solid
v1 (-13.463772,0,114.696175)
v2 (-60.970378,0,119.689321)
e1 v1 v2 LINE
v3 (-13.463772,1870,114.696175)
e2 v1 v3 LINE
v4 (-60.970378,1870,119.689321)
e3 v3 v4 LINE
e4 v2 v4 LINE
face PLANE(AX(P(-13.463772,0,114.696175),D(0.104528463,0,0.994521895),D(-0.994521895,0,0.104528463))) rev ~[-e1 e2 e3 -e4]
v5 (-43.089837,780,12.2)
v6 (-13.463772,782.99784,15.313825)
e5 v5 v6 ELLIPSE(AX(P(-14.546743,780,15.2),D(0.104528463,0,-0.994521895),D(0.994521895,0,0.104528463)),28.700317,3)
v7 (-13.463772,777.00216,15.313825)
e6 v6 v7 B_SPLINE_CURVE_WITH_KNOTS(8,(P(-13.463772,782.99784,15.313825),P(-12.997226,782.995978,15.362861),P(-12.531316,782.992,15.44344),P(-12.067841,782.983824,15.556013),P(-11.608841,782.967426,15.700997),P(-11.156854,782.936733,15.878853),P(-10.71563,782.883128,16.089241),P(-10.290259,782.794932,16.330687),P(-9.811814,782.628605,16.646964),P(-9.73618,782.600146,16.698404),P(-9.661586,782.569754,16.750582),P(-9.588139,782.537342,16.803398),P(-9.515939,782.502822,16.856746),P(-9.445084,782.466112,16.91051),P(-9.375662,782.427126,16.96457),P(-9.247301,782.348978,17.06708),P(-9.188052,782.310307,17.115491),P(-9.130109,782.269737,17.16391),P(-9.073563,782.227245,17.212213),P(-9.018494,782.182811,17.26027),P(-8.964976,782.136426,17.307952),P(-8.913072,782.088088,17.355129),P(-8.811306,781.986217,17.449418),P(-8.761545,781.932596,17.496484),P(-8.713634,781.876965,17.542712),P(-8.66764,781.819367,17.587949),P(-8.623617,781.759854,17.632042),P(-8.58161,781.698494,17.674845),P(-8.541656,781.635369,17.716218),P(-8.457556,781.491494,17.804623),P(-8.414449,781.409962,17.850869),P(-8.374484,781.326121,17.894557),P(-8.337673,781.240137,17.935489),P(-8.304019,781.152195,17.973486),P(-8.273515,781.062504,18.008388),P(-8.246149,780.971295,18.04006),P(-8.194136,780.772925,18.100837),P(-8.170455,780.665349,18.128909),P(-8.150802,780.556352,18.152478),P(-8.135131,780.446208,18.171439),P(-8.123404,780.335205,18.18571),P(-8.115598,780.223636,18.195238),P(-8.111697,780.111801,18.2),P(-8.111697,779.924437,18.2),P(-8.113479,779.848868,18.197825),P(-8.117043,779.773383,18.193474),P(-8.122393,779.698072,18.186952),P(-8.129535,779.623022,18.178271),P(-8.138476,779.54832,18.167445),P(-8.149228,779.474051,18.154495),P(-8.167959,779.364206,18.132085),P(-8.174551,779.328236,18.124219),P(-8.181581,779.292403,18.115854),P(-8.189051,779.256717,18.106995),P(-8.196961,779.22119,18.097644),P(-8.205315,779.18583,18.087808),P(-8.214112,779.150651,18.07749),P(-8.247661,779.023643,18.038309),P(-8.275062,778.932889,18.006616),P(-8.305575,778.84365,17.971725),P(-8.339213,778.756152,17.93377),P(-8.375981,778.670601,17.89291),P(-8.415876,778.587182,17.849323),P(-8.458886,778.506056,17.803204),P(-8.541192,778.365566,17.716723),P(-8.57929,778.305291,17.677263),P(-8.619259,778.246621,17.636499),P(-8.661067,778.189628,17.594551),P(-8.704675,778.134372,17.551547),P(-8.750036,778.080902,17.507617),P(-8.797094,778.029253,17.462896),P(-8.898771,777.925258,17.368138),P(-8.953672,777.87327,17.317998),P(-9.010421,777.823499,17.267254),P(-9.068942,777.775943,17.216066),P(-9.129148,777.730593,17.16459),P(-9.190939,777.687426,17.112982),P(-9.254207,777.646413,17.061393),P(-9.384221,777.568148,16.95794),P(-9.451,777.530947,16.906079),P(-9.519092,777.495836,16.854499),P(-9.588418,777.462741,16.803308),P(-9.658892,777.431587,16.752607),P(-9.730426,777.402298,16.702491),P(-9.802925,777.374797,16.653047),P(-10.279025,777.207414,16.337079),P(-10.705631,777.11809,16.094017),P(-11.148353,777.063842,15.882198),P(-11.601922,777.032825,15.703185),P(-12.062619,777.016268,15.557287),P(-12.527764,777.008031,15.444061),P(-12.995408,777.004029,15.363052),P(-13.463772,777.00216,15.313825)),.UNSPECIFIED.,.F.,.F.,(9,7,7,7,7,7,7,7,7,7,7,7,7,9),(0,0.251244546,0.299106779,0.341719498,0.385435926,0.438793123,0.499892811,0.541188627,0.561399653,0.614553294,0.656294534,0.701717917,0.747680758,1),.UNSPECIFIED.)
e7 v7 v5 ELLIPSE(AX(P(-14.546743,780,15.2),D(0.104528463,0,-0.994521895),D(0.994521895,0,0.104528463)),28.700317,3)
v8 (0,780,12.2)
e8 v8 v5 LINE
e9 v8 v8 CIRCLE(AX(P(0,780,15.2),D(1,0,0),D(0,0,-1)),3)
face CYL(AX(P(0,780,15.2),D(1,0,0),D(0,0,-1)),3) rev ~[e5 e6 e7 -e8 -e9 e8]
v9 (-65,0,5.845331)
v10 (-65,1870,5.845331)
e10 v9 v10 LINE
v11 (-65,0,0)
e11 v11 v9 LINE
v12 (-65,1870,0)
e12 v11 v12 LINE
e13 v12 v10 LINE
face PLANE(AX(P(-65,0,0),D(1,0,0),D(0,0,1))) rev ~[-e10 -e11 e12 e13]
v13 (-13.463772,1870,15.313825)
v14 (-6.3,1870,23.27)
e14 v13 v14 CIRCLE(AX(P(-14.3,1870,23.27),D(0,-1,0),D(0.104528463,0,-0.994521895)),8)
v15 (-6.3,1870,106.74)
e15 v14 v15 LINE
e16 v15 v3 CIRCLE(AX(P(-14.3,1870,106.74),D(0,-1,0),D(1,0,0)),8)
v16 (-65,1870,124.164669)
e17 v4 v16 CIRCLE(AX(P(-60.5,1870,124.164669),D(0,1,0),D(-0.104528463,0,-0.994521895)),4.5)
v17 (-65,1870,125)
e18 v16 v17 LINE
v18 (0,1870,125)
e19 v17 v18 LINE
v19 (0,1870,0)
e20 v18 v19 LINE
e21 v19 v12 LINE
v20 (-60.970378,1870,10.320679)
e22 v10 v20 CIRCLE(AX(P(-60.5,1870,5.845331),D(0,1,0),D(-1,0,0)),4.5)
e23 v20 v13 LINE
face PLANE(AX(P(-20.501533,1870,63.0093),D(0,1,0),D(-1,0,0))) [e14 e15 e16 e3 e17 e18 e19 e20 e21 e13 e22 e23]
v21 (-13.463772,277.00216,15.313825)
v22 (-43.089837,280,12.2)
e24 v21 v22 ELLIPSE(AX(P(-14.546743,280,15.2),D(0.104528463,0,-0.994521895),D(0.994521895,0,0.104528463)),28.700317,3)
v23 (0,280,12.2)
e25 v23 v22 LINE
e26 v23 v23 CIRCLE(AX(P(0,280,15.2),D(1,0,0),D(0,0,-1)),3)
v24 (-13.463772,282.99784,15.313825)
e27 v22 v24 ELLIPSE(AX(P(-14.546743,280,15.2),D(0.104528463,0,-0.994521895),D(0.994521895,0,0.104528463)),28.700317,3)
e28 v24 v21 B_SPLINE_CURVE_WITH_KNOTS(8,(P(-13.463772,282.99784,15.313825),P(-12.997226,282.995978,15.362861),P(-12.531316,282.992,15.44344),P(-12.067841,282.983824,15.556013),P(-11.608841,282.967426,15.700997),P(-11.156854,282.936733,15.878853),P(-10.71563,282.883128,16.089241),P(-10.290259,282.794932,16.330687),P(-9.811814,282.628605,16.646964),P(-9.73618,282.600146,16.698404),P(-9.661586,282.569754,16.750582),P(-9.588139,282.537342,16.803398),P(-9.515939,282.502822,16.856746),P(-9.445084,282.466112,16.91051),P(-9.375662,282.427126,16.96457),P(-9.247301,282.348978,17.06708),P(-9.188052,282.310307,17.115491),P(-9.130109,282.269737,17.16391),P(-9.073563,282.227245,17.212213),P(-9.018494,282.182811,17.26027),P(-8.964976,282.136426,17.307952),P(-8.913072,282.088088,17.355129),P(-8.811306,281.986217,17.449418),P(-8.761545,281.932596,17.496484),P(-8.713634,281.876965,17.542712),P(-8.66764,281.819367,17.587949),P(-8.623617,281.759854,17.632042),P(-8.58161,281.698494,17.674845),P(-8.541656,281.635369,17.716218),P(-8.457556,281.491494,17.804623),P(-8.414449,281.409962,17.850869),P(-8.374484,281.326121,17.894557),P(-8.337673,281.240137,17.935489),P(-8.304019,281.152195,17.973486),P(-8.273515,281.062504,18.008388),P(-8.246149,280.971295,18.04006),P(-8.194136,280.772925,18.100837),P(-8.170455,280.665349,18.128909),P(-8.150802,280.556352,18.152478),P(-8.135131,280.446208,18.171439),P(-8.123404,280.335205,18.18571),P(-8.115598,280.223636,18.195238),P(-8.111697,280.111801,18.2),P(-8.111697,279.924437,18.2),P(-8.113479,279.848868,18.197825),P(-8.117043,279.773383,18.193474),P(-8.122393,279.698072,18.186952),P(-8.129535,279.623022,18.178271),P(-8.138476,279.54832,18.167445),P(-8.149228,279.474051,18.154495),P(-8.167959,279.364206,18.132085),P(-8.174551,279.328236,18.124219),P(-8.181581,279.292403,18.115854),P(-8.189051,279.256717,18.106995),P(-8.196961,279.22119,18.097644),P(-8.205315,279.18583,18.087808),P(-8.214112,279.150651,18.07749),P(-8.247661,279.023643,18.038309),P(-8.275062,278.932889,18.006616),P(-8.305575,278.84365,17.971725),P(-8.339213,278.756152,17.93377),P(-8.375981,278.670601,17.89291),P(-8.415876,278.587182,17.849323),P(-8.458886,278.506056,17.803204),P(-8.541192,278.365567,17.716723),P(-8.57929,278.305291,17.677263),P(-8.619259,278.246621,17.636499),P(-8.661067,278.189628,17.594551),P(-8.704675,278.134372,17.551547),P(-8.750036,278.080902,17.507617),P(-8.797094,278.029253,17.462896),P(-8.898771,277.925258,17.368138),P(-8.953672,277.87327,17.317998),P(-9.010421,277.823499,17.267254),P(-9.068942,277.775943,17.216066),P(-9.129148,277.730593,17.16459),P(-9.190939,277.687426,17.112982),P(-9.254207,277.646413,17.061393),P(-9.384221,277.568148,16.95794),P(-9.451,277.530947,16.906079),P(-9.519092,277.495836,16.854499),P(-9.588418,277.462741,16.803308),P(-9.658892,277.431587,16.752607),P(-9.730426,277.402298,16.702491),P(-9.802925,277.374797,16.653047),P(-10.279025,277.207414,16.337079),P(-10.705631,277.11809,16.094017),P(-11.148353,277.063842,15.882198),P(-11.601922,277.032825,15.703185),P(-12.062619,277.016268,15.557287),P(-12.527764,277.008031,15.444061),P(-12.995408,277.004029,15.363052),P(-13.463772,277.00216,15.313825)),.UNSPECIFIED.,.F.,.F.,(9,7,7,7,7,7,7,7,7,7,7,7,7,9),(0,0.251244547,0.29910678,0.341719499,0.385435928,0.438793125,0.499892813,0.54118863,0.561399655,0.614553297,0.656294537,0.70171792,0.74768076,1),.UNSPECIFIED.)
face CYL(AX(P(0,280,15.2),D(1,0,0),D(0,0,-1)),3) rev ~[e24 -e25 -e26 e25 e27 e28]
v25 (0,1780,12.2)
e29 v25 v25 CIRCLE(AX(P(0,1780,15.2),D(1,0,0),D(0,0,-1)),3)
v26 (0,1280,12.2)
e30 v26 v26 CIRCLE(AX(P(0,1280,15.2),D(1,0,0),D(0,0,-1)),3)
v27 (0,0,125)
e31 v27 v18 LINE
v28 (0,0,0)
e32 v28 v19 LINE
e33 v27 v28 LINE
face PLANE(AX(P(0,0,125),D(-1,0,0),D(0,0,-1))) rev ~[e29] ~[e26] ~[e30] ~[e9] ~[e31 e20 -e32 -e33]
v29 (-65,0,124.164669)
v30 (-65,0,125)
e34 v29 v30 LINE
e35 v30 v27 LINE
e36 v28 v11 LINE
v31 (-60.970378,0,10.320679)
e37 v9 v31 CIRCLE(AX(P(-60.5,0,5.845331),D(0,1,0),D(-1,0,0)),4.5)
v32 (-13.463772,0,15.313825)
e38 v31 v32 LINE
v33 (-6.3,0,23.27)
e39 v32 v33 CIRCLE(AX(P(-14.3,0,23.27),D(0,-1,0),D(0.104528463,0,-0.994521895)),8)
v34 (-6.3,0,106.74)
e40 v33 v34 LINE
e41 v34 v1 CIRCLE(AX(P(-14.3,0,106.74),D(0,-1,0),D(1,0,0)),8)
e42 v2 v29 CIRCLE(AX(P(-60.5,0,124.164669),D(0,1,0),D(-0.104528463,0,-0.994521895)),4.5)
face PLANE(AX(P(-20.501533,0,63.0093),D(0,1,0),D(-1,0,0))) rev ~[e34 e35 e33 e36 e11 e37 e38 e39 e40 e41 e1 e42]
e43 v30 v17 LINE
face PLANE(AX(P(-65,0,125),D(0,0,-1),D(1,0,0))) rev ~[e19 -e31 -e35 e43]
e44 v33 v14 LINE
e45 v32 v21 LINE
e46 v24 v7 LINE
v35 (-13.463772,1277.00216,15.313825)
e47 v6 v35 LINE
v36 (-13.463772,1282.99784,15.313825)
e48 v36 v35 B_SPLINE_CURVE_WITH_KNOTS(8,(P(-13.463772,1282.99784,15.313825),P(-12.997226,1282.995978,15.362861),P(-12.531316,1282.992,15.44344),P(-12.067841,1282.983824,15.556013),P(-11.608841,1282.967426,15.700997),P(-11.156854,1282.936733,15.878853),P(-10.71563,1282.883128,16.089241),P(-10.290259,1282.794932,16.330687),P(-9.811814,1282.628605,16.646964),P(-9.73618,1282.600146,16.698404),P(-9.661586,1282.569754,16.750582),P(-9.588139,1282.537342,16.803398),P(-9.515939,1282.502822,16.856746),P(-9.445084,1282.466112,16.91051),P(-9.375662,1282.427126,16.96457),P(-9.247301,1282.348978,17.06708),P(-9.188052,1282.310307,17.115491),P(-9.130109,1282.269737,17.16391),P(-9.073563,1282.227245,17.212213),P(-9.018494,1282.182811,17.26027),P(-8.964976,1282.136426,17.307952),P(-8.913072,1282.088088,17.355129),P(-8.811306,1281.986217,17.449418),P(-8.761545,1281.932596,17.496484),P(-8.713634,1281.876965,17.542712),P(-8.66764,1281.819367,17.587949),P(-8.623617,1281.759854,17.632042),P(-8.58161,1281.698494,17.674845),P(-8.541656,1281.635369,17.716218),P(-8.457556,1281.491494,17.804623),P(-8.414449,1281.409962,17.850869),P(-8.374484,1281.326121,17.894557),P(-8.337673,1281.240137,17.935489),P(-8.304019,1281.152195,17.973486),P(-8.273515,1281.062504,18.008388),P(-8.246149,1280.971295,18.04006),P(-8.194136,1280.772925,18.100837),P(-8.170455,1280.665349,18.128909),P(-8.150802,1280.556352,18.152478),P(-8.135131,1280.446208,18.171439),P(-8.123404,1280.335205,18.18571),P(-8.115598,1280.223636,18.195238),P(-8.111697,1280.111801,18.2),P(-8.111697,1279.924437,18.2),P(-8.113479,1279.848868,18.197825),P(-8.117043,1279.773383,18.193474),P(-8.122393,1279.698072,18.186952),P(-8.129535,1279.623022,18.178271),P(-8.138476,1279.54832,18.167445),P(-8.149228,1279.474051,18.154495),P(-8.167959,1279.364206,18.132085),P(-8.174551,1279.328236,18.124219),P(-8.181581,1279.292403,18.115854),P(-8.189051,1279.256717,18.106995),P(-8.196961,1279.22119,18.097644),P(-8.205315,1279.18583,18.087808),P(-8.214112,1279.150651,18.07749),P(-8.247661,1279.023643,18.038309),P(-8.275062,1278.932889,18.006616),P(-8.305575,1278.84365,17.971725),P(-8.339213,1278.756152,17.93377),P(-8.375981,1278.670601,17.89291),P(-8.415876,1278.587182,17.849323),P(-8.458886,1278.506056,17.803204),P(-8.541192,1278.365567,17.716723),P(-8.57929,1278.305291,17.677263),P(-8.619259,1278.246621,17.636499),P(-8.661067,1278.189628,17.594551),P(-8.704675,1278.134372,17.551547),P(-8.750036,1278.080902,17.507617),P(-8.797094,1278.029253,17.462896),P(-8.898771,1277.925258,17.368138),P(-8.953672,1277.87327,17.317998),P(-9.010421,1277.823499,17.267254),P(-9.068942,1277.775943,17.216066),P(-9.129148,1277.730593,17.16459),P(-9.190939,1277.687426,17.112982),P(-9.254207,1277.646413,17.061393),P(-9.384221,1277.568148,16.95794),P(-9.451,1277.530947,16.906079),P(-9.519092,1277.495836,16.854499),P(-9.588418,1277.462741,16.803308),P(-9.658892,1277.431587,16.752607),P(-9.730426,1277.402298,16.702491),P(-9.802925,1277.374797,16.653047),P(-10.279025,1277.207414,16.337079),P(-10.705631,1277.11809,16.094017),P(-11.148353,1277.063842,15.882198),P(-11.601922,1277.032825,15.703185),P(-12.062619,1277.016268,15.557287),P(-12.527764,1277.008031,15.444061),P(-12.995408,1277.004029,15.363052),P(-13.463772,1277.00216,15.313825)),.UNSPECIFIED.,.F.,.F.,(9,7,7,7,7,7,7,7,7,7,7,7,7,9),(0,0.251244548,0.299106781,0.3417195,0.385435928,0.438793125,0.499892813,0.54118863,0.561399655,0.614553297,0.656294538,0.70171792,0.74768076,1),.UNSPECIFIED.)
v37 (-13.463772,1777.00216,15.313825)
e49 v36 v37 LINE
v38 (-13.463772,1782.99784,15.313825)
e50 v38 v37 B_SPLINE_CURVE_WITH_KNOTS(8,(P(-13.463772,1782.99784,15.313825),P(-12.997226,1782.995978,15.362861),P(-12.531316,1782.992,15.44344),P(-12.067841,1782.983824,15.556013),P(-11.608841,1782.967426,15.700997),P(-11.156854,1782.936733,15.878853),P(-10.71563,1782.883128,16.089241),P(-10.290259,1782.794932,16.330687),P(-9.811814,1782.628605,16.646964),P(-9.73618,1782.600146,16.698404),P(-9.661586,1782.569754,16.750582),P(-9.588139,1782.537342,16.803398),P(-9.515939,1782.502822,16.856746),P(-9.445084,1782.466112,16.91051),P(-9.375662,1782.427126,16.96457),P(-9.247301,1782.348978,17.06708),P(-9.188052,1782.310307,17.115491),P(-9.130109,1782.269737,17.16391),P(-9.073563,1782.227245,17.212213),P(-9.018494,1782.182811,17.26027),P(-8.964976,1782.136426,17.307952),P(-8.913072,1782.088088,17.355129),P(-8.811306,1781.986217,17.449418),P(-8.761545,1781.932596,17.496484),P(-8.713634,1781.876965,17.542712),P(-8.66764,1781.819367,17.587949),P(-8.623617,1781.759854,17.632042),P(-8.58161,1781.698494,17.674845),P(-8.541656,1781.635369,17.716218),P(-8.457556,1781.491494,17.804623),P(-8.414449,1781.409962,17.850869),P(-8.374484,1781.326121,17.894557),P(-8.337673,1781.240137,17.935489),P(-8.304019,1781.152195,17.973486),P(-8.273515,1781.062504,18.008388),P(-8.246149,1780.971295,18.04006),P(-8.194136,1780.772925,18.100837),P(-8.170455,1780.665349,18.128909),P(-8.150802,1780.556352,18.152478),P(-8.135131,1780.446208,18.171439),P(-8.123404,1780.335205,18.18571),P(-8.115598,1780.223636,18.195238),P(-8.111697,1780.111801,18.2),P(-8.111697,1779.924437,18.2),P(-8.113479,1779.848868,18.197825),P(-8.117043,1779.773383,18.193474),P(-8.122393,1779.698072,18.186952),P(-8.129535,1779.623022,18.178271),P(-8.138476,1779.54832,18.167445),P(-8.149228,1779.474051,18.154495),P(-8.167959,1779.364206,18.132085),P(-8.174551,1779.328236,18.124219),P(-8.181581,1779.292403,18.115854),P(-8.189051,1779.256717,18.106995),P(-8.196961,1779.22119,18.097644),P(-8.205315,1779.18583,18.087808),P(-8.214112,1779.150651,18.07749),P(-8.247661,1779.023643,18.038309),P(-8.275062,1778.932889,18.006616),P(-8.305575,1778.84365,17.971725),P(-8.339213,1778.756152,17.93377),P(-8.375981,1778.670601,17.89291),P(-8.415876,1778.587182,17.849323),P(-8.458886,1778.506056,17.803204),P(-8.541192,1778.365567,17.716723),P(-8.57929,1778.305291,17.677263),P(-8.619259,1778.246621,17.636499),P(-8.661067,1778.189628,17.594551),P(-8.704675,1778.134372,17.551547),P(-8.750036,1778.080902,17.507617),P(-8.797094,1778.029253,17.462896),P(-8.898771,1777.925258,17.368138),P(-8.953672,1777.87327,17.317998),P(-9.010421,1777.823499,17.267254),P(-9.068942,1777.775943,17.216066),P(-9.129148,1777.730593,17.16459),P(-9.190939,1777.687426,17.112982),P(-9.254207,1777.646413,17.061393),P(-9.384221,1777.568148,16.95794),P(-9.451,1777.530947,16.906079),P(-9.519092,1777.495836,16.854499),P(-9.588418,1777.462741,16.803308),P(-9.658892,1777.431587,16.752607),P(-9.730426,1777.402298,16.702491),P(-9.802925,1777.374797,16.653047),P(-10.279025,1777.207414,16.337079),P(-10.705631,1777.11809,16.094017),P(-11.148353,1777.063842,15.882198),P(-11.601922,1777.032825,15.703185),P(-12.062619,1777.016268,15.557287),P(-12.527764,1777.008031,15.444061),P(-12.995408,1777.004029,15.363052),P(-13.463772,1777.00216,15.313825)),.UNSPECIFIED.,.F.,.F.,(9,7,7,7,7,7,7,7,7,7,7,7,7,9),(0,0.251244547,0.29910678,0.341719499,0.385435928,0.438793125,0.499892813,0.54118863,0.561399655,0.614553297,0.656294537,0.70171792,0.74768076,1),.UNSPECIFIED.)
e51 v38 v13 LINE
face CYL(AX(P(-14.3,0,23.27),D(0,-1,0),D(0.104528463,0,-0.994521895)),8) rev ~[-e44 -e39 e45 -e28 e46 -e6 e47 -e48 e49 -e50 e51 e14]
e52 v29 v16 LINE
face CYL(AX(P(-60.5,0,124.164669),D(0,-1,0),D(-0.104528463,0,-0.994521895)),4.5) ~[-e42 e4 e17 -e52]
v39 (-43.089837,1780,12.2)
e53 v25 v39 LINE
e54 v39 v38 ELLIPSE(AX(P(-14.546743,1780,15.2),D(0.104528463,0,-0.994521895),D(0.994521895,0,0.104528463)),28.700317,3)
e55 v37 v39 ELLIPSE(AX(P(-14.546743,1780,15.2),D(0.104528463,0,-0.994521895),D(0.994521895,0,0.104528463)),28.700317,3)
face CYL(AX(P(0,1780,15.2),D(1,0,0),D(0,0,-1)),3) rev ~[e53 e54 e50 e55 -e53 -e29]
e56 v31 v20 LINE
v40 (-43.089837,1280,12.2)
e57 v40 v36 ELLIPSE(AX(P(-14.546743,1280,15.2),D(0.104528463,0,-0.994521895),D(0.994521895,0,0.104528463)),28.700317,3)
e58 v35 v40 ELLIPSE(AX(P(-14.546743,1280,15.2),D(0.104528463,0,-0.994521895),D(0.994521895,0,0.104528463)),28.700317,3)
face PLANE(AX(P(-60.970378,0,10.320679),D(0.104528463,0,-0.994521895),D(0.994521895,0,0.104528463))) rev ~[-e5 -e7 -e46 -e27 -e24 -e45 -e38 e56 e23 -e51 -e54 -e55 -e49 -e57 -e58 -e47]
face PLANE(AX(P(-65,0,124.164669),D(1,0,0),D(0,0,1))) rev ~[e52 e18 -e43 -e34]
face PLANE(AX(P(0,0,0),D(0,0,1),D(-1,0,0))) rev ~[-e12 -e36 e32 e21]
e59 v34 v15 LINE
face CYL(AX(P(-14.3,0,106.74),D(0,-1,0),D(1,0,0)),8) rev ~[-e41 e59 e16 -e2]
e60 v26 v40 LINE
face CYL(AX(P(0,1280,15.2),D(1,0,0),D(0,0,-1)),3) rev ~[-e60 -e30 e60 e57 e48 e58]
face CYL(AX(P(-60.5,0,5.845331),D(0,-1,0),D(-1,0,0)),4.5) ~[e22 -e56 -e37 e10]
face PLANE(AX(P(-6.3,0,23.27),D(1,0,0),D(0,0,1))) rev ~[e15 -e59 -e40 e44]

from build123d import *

# Parameters (mm, degrees)
C_CHANNEL_120_X_12_5_DEPTH = 1870
SKETCH16_R                 = 3
CUT_EXTRUDE1_DEPTH         = 1876.299976004


with BuildPart() as part:
    # Sketch1 → C channel 120 X 12(5) (new body)
    with BuildSketch(Plane(origin=(0, 0, 0), x_dir=(-1, 0, 0), z_dir=(0, 1, 0))):
        with BuildLine():
            Line((65, 125), (0, 125))
            Line((0, 125), (0, 0))
            Line((0, 0), (65, 0))
            Line((65, 0), (65, 5.845330836))
            ThreePointArc((65, 5.845330836), (63.844151715, 8.856418565), (60.970378085, 10.320679365))
            Line((60.970378085, 10.320679365), (13.463772294, 15.313824837))
            ThreePointArc((13.463772294, 15.313824837), (8.354841396, 17.916955149), (6.3, 23.27))
            Line((6.3, 23.27), (6.3, 106.74))
            ThreePointArc((6.3, 106.74), (8.354841396, 112.093044851), (13.463772294, 114.696175163))
            Line((13.463772294, 114.696175163), (60.970378085, 119.689320635))
            ThreePointArc((60.970378085, 119.689320635), (63.844151715, 121.153581435), (65, 124.164669164))
            Line((65, 124.164669164), (65, 125))
        make_face()
    extrude(amount=C_CHANNEL_120_X_12_5_DEPTH)

    # Sketch16 → Cut-Extrude1 (cut, through all)
    with BuildSketch(Plane(origin=(0, 0, 0), x_dir=(0, 0, -1), z_dir=(1, 0, 0))):
        with Locations((-15.2, 280)):
            Circle(SKETCH16_R)
        with Locations((-15.2, 780)):
            Circle(SKETCH16_R)
        with Locations((-15.2, 1280)):
            Circle(SKETCH16_R)
        with Locations((-15.2, 1780)):
            Circle(SKETCH16_R)
    extrude(amount=-CUT_EXTRUDE1_DEPTH, mode=Mode.SUBTRACT)


solid = part.part
